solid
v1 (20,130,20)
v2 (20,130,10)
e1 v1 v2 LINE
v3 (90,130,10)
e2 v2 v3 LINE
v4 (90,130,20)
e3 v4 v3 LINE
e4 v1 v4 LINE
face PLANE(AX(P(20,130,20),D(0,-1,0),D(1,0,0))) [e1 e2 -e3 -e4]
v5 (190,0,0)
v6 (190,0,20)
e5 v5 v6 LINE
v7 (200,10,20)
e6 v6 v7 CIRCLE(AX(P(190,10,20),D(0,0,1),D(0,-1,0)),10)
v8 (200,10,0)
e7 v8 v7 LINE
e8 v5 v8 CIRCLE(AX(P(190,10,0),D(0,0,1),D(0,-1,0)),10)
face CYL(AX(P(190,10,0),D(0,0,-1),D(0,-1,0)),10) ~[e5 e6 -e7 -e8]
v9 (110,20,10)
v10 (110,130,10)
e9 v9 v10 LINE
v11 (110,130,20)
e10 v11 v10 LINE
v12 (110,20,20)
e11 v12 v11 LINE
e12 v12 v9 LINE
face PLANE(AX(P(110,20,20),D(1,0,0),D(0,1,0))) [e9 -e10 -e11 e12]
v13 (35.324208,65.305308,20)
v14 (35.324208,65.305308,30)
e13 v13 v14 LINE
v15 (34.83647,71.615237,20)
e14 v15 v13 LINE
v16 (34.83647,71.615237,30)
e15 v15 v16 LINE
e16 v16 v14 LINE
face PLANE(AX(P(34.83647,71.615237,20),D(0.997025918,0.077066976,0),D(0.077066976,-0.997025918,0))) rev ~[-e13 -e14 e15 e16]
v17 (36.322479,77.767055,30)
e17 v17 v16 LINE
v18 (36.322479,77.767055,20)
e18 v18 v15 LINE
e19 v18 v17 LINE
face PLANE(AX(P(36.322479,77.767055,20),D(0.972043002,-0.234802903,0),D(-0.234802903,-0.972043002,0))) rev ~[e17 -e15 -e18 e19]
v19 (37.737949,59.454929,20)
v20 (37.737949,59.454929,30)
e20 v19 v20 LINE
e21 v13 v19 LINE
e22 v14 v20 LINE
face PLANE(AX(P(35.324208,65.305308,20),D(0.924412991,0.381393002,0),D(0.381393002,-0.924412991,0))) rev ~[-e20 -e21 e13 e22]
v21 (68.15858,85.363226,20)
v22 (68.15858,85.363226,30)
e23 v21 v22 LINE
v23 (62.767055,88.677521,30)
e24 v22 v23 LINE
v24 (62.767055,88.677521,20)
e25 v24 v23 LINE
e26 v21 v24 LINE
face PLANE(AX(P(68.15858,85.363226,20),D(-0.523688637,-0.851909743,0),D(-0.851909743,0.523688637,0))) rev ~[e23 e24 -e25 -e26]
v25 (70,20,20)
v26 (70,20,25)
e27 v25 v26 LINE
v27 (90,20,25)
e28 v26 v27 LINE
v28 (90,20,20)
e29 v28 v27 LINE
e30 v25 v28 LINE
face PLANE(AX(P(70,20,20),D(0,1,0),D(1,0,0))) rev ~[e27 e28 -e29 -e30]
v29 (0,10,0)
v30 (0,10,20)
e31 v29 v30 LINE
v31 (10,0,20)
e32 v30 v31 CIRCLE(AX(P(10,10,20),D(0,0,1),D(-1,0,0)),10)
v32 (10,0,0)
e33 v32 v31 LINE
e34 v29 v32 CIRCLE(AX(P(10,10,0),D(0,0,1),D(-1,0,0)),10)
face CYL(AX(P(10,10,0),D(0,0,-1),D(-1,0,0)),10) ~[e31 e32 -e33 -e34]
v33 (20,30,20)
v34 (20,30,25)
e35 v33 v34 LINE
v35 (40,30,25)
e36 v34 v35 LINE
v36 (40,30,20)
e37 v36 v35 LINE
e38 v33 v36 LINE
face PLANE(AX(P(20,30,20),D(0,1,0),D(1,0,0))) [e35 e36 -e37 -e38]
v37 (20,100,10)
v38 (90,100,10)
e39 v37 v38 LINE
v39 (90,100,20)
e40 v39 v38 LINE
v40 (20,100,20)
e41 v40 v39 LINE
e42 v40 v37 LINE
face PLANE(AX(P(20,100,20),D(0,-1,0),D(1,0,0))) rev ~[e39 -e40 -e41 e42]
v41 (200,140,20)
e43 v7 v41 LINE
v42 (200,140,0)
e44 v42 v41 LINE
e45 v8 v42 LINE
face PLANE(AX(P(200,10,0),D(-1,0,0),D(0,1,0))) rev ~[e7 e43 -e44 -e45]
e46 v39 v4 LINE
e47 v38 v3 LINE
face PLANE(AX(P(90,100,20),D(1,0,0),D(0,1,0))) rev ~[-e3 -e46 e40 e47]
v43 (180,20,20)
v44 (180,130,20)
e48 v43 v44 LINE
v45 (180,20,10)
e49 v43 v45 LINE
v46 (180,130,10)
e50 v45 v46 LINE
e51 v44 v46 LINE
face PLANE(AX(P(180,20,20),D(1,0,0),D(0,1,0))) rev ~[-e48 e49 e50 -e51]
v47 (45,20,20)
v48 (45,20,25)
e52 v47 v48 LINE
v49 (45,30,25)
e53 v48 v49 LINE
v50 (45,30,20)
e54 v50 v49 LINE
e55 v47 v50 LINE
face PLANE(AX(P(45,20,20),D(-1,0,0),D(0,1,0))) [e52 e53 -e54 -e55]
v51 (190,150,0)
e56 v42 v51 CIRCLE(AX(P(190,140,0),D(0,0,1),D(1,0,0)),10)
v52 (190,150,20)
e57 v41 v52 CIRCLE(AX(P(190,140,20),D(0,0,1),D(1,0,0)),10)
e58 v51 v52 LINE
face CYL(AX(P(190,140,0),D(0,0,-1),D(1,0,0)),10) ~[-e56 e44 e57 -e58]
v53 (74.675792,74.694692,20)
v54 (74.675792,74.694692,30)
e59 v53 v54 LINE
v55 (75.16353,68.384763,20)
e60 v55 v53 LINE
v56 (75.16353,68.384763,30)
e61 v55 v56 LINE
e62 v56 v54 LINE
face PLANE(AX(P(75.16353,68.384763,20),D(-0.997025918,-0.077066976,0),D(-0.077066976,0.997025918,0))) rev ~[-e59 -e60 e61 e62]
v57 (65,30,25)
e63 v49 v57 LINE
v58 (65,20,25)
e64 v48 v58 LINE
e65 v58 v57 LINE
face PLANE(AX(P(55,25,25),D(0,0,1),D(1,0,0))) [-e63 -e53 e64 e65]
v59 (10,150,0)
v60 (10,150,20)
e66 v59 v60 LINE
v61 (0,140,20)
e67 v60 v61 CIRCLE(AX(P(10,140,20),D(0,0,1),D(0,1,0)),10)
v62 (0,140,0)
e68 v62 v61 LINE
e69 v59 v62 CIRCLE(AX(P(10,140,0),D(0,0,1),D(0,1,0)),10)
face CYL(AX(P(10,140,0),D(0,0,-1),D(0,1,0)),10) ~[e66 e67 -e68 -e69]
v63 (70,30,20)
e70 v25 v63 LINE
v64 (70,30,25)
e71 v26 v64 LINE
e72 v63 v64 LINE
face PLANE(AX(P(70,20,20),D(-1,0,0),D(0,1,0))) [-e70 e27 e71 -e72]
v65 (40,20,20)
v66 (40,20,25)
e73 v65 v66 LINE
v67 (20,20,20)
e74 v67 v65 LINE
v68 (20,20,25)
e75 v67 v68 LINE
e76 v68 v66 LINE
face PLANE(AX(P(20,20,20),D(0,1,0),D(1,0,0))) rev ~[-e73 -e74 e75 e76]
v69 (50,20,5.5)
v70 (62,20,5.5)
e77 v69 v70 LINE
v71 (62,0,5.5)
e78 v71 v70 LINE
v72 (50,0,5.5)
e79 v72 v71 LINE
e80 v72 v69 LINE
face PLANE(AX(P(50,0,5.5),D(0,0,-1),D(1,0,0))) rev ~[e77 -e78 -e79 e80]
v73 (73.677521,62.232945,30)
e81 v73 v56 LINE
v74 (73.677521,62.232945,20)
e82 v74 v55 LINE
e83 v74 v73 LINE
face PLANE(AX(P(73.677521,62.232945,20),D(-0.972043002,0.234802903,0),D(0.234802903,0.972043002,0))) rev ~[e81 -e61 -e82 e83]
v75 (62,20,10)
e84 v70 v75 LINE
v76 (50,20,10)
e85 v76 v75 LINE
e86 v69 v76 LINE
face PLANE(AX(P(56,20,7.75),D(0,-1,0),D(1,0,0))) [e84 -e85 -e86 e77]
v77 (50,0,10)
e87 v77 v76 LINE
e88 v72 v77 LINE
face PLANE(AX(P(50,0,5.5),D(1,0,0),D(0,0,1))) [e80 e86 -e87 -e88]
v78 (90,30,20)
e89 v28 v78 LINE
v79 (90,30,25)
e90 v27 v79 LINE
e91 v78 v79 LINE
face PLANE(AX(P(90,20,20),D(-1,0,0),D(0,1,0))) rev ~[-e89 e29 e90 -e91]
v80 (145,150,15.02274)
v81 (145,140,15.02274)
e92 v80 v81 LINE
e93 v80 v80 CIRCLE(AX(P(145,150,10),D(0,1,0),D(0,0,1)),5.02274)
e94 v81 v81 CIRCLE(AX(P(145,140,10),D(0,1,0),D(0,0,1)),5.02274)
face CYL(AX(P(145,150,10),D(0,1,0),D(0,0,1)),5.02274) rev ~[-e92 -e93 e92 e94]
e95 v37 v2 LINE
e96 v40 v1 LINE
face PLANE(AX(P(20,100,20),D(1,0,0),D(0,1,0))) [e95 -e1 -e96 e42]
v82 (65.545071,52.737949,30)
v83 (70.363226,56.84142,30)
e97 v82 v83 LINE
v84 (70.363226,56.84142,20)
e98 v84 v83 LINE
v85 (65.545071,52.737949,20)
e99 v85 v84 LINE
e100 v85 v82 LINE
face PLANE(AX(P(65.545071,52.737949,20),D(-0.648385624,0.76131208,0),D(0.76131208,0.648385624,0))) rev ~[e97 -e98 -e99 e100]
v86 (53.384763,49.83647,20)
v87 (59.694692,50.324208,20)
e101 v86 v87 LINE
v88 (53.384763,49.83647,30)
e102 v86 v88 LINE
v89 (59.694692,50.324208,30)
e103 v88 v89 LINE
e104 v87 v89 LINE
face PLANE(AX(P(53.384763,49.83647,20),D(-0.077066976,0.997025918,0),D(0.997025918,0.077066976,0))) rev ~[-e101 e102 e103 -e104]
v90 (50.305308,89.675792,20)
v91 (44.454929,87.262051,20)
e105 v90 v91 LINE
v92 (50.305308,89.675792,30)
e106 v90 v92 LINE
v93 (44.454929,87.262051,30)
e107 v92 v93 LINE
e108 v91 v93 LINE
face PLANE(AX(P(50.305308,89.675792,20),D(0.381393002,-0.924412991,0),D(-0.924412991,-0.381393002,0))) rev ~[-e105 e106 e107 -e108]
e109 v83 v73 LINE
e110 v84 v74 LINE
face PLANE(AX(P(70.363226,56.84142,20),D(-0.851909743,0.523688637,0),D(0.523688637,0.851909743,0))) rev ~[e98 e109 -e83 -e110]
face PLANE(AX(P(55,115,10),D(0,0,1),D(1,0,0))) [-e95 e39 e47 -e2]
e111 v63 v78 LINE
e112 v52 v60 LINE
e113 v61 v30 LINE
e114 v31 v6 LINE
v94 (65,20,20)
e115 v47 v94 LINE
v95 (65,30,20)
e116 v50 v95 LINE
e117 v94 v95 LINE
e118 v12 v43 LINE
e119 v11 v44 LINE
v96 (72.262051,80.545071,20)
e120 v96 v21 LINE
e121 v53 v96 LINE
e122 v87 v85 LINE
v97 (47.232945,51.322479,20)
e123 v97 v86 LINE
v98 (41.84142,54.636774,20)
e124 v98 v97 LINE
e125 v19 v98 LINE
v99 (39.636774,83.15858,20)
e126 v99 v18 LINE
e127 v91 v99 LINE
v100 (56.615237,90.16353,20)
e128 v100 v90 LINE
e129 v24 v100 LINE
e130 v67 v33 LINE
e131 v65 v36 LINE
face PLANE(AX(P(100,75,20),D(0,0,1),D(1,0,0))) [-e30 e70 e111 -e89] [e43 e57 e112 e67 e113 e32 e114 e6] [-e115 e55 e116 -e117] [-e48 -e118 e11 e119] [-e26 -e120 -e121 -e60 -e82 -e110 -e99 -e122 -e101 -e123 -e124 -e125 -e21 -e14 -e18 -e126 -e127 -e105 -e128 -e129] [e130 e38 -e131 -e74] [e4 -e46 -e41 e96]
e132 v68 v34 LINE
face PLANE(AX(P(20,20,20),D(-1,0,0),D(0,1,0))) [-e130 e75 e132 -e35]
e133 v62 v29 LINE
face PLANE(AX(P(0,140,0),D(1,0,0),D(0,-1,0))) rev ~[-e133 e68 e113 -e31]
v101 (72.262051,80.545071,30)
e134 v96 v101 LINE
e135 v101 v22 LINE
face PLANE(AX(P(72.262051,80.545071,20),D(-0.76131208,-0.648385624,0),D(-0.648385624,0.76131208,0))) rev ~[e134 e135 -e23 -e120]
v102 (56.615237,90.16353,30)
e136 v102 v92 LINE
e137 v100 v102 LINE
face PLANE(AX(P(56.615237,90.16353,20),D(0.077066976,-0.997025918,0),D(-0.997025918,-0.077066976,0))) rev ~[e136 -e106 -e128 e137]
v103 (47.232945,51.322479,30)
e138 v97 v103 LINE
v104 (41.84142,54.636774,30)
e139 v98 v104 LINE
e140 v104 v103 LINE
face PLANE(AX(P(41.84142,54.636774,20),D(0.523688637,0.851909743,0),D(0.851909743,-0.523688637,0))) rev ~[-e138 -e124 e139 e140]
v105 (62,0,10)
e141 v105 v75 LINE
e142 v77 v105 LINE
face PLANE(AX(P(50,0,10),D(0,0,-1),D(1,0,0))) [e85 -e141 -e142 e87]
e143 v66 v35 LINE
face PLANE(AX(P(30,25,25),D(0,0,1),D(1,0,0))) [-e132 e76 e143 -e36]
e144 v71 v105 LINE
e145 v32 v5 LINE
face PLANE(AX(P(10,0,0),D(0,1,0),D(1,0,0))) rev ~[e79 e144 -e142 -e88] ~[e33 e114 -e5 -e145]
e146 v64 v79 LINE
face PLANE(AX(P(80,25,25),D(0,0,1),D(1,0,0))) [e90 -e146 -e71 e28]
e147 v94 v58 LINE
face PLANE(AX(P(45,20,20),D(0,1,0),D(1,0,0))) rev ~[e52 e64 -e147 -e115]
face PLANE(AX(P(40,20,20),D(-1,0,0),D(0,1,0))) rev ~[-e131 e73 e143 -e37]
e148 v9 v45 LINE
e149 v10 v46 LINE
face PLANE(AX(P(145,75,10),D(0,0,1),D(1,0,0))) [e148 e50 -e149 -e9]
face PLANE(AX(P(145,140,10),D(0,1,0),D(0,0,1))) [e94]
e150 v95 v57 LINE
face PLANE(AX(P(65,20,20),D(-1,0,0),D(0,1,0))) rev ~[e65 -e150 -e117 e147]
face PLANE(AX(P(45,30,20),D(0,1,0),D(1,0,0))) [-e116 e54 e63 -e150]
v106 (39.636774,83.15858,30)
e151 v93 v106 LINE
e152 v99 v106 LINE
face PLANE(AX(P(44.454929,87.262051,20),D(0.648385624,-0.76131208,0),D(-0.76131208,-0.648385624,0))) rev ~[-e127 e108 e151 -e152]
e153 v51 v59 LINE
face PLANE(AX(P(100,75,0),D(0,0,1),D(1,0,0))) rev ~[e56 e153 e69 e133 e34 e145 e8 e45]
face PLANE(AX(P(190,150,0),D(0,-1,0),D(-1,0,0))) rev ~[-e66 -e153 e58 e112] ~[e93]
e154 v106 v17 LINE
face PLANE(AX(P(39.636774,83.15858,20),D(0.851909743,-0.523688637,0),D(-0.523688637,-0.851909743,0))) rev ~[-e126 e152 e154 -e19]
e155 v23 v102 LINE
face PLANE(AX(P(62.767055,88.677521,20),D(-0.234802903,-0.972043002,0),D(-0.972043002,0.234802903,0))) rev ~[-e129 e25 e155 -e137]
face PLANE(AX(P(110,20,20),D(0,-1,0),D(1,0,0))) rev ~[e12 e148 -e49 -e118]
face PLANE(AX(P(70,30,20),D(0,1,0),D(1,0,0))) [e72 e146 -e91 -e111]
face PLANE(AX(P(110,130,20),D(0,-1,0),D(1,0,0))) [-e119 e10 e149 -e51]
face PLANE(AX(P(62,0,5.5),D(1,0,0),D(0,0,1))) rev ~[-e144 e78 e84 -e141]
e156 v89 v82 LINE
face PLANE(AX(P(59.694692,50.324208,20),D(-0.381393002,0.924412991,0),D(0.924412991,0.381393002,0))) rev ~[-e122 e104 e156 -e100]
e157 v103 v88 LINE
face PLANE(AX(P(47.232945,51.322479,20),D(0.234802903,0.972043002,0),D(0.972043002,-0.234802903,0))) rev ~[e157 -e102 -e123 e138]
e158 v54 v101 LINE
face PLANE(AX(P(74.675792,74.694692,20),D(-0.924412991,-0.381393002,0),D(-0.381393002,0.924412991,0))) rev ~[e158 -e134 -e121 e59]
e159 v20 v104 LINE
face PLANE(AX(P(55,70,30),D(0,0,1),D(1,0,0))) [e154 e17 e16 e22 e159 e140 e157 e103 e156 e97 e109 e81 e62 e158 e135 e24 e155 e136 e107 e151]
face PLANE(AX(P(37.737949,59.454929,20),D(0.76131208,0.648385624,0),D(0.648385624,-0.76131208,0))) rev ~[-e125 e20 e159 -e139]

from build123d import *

# Parameters (mm, degrees)
BOSS_EXTRUDE1_DEPTH = 20
SKETCH2_W           = 70
SKETCH2_H           = 110
SKETCH2_H_2         = 30
CUT_EXTRUDE1_DEPTH  = 10
SKETCH3_R           = 5.022739635
CUT_EXTRUDE2_DEPTH  = 10
SKETCH4_W           = 12
SKETCH4_H           = 4.5
CUT_EXTRUDE3_DEPTH  = 20
BOSS_EXTRUDE3_DEPTH = 10
SKETCH6_W           = 20
SKETCH6_H           = 10
BOSS_EXTRUDE4_DEPTH = 5


with BuildPart() as part:
    # Sketch1 → Boss-Extrude1 (new body)
    with BuildSketch(Plane.XY):
        with BuildLine():
            Line((10, 0), (190, 0))
            ThreePointArc((190, 0), (197.071067812, 2.928932188), (200, 10))
            Line((200, 10), (200, 140))
            ThreePointArc((200, 140), (197.071067812, 147.071067812), (190, 150))
            Line((190, 150), (10, 150))
            ThreePointArc((10, 150), (2.928932188, 147.071067812), (0, 140))
            Line((0, 140), (0, 10))
            ThreePointArc((0, 10), (2.928932188, 2.928932188), (10, 0))
        make_face()
    extrude(amount=BOSS_EXTRUDE1_DEPTH)

    # Sketch2 → Cut-Extrude1 (cut)
    with BuildSketch(Plane.XY.offset(20)):
        with Locations((145, 75)):
            Rectangle(SKETCH2_W, SKETCH2_H)
        with Locations((55, 115)):
            Rectangle(SKETCH2_W, SKETCH2_H_2)
    extrude(amount=-CUT_EXTRUDE1_DEPTH, mode=Mode.SUBTRACT)

    # Sketch3 → Cut-Extrude2 (cut)
    with BuildSketch(Plane(origin=(0, 150, 0), x_dir=(1, 0, 0), z_dir=(0, 1, 0))):
        with Locations(Location((145, -10, 0), (0, 0, 270))):
            Circle(SKETCH3_R)
    extrude(amount=-CUT_EXTRUDE2_DEPTH, mode=Mode.SUBTRACT)

    # Sketch4 → Cut-Extrude3 (cut)
    with BuildSketch(Plane.XZ):
        with Locations((56, 7.75)):
            Rectangle(SKETCH4_W, SKETCH4_H)
    extrude(amount=-CUT_EXTRUDE3_DEPTH, mode=Mode.SUBTRACT)

    # Sketch5 → Boss-Extrude3 (add)
    with BuildSketch(Plane.XY.offset(20)):
        Polygon((68.158579738, 85.363225843), (62.767055131, 88.67752081), (56.615237052, 90.163529906), (50.305308316, 89.675792208), (44.454928712, 87.262050879), (39.636774157, 83.158579738), (36.32247919, 77.767055131), (34.836470094, 71.615237052), (35.324207792, 65.305308316), (37.737949121, 59.454928712), (41.841420262, 54.636774157), (47.232944869, 51.32247919), (53.384762948, 49.836470094), (59.694691684, 50.324207792), (65.545071288, 52.737949121), (70.363225843, 56.841420262), (73.67752081, 62.232944869), (75.163529906, 68.384762948), (74.675792208, 74.694691684), (72.262050879, 80.545071288), align=None)
    extrude(amount=BOSS_EXTRUDE3_DEPTH)

    # Sketch6 → Boss-Extrude4 (add)
    with BuildSketch(Plane.XY.offset(20)):
        with Locations((30, 25)):
            Rectangle(SKETCH6_W, SKETCH6_H)
        with Locations((55, 25)):
            Rectangle(SKETCH6_W, SKETCH6_H)
        with Locations((80, 25)):
            Rectangle(SKETCH6_W, SKETCH6_H)
    extrude(amount=BOSS_EXTRUDE4_DEPTH)


solid = part.part
